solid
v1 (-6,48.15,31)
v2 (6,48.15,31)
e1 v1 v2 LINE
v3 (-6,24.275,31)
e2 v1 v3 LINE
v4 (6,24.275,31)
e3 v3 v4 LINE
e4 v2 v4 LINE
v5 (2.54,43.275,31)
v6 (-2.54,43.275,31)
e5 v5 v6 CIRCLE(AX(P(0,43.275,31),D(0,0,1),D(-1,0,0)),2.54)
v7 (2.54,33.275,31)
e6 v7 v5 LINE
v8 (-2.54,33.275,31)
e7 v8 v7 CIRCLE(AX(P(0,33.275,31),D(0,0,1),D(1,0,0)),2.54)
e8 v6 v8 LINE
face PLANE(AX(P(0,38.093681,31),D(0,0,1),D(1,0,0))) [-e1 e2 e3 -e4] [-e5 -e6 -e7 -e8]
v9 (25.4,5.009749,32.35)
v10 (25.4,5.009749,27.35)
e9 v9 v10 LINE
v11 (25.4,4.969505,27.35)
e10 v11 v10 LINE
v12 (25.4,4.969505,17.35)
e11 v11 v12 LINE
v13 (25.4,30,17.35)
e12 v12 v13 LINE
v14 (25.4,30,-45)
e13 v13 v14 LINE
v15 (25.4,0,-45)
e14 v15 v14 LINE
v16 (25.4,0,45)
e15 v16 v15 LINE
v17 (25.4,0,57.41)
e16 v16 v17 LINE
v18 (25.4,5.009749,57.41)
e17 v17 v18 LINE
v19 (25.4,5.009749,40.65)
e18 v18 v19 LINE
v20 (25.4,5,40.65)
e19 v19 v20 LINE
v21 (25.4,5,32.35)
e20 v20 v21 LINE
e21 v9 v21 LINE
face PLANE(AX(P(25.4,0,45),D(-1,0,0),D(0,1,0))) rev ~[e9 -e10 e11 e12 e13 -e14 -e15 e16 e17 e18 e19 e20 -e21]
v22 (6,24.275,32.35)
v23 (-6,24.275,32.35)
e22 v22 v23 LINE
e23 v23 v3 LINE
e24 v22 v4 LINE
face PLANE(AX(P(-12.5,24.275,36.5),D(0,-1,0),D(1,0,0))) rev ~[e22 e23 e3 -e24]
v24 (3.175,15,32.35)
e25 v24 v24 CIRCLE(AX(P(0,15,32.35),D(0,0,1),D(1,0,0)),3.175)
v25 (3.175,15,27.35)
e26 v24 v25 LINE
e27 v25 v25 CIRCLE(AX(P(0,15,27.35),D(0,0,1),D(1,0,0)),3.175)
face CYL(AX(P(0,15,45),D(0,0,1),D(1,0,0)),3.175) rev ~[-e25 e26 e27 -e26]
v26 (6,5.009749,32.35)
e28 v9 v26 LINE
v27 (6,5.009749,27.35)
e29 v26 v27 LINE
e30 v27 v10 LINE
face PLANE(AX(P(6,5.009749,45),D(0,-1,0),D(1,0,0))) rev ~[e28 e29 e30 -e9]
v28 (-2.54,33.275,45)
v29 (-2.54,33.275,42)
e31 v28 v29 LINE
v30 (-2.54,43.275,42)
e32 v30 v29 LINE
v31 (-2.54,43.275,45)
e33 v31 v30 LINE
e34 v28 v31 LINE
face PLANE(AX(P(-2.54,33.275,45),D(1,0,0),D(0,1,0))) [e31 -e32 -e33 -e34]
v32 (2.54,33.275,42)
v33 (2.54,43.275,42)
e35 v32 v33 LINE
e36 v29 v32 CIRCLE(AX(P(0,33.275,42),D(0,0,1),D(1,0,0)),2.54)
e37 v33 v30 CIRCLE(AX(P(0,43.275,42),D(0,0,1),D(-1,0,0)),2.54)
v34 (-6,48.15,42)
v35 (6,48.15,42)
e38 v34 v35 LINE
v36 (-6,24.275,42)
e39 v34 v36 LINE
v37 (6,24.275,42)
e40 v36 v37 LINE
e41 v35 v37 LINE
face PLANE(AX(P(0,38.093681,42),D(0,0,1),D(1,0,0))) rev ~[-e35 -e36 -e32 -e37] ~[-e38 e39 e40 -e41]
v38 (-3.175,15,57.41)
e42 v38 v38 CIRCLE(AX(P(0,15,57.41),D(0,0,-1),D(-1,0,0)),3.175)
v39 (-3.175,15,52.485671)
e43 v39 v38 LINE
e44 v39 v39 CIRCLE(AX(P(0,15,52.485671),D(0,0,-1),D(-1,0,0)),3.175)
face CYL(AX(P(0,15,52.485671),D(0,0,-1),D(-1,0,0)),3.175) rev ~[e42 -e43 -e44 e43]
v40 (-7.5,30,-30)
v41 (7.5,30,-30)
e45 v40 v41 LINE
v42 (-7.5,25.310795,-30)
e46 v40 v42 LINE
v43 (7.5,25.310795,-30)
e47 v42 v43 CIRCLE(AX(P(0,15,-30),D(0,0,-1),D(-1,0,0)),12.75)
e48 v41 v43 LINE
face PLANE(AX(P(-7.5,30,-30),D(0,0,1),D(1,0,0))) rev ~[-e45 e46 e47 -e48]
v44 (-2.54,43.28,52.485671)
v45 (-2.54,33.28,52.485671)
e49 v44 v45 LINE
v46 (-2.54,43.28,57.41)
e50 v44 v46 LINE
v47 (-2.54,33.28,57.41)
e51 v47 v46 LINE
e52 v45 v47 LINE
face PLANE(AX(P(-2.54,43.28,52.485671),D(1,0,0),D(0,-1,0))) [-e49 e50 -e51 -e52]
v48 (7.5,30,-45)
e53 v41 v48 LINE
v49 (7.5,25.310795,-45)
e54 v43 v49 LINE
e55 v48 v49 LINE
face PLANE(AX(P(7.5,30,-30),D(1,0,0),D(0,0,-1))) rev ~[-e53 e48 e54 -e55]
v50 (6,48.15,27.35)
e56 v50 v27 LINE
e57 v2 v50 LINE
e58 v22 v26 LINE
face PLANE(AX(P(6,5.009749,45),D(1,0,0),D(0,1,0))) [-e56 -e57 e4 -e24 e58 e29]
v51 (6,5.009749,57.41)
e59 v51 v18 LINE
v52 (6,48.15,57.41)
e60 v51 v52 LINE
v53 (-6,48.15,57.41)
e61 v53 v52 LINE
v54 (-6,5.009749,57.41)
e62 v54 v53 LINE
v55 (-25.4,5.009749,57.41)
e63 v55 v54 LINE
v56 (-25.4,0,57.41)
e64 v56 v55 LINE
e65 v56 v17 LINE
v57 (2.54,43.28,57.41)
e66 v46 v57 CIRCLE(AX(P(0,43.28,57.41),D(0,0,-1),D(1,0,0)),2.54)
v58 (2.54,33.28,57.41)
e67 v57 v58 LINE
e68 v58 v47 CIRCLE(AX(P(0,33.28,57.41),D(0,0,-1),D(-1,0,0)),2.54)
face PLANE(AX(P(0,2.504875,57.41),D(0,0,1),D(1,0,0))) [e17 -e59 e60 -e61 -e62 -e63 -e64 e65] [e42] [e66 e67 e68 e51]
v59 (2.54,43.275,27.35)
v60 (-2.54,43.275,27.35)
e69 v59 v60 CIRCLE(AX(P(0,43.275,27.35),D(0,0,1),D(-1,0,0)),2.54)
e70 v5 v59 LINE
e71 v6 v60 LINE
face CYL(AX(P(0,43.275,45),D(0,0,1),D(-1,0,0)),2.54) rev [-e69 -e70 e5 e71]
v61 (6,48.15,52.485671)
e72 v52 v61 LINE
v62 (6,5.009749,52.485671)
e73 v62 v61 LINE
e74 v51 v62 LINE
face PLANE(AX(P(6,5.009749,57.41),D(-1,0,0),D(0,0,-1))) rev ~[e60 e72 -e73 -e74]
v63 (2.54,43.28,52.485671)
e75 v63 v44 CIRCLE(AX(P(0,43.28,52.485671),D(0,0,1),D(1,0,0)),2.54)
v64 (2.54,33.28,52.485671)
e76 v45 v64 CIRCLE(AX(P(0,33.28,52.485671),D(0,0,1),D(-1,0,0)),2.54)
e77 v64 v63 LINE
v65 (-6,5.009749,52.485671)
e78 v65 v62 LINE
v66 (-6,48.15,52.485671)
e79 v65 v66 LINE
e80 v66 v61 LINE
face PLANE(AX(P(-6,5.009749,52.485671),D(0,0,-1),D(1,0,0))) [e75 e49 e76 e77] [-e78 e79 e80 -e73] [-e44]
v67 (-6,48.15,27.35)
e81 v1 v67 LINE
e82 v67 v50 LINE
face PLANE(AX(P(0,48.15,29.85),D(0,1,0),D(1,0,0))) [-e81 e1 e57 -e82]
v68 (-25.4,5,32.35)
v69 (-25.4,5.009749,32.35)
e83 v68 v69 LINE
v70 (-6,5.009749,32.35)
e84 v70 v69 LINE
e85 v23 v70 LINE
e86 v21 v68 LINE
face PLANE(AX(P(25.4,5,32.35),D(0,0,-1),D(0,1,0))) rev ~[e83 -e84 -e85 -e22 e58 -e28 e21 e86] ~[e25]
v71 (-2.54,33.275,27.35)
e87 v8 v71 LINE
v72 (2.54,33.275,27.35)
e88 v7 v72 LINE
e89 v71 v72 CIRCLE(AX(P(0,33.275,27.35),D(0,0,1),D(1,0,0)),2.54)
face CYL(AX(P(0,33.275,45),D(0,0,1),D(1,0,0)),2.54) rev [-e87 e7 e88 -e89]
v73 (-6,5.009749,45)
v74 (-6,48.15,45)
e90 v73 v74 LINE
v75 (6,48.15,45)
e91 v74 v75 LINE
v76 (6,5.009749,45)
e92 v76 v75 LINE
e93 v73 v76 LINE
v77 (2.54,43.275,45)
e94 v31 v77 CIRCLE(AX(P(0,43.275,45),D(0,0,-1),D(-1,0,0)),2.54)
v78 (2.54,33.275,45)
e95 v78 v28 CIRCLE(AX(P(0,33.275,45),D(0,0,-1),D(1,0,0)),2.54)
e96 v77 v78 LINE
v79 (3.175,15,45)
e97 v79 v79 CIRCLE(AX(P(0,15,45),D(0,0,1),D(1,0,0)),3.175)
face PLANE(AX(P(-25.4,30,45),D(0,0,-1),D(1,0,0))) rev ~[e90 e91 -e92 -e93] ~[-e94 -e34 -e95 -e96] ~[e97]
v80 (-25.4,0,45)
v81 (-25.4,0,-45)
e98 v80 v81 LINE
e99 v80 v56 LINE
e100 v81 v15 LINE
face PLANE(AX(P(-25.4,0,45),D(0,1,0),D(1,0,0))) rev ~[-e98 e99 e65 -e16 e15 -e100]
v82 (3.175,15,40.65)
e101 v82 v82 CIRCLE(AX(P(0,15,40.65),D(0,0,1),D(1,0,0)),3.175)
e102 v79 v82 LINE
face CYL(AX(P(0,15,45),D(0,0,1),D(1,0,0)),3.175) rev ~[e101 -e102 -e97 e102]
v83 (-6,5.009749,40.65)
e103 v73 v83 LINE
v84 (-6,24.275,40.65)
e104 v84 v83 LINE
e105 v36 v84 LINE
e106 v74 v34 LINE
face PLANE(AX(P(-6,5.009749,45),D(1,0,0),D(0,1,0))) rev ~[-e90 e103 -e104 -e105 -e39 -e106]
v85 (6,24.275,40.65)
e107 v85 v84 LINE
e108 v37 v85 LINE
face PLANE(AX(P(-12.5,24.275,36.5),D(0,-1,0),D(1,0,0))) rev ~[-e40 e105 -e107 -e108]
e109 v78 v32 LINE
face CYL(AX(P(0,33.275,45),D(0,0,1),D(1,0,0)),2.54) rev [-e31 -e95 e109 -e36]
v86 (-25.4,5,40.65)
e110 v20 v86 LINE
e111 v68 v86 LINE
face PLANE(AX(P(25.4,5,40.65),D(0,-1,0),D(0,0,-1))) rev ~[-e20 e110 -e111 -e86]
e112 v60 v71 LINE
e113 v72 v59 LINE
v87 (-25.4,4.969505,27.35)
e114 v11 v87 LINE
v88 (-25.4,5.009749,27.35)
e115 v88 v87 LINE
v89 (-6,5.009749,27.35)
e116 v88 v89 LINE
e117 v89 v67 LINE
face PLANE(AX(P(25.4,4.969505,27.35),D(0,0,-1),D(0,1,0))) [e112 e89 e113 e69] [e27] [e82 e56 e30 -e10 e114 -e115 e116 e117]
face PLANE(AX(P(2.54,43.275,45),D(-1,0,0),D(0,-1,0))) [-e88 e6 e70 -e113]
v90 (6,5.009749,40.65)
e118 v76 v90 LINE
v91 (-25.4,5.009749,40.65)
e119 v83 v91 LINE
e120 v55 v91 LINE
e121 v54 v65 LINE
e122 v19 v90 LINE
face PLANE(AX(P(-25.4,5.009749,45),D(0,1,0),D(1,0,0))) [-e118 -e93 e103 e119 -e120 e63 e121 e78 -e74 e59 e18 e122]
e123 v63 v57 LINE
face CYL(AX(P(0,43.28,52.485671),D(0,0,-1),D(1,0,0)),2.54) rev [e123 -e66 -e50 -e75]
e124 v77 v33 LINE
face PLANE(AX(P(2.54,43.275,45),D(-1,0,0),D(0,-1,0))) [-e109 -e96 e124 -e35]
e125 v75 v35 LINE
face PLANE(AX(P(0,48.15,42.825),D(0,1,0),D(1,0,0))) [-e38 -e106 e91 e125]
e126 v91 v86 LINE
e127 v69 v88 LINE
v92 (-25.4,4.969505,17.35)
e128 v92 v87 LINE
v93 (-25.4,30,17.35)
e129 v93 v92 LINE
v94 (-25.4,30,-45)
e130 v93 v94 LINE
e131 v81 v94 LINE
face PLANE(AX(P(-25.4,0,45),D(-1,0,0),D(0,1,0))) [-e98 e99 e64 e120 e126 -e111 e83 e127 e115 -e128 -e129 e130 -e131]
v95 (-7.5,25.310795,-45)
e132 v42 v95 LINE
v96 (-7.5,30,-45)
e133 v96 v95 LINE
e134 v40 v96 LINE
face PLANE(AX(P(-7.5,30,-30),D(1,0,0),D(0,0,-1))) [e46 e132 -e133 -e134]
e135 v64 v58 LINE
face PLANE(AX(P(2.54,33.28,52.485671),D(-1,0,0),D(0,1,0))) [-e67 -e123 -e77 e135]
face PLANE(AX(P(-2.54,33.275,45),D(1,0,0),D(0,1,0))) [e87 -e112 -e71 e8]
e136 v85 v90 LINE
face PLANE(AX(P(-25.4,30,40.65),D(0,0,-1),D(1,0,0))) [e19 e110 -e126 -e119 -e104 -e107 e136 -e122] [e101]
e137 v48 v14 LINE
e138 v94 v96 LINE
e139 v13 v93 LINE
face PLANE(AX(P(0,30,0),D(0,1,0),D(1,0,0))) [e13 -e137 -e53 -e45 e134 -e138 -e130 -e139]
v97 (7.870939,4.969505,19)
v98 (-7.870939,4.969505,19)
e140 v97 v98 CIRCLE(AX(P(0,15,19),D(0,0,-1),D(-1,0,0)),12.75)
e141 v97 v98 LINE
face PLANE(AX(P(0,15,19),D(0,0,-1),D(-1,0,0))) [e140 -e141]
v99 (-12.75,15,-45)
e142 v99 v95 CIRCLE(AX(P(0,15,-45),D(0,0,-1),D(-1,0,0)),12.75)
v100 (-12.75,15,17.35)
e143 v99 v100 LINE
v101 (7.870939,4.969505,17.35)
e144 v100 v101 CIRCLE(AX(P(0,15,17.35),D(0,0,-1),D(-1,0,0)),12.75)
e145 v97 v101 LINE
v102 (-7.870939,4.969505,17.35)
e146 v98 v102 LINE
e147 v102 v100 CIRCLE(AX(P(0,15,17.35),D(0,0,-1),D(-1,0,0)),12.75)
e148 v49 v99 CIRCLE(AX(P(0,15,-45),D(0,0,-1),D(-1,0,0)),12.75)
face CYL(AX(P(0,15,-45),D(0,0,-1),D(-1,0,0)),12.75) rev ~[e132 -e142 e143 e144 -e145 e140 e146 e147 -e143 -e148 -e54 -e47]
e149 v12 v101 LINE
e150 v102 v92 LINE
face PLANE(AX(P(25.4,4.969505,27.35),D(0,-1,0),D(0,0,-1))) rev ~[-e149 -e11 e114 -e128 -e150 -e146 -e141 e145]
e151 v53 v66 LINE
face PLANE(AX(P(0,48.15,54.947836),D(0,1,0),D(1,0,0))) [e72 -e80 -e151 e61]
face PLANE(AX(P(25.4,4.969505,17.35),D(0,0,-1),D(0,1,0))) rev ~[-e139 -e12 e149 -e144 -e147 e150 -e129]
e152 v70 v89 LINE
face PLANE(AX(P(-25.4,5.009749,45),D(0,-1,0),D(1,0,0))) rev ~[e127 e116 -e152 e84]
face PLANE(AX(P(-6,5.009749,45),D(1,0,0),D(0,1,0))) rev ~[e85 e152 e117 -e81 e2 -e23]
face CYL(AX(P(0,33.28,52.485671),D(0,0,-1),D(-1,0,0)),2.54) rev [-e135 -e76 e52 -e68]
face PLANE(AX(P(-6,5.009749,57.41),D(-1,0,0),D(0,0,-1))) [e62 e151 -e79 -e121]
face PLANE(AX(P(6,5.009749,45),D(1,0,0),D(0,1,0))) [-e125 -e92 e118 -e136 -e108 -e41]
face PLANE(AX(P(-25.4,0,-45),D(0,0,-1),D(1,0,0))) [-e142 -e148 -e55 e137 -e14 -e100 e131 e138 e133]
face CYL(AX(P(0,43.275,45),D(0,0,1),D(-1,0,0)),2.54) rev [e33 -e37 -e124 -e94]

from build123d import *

# Parameters (mm, degrees)
SKETCH1_W                      = 50.8
SKETCH1_H                      = 90
MAIN_EXTRUDE_DEPTH             = 30
SKETCH2_R                      = 12.75
MOTOR_SLOT_CUT_DEPTH           = 64
SKETCH3_W                      = 8.3
SKETCH3_H                      = 25
FILLAMENT_THROUGHWAY_CUT_DEPTH = 51.8
SKETCH4_R                      = 3.175
BOTTOM_AXLE_CUT_DEPTH          = 91
SKETCH6_W                      = 50.8
SKETCH6_H                      = 4.35
SKETCH6_H_2                    = 5
TOP_FINS_EXTRUDE_DEPTH         = 18.15
TOP_AXLE_CUT_DEPTH             = 91
SKETCH8_W                      = 15
SKETCH8_H                      = 15
WIRE_HOLE_CUT_DEPTH            = 8
SKETCH9_W                      = 19.4
SKETCH9_H                      = 43.140250719
EASEOFACCESSCUT_DEPTH          = 20
SKETCH10_W                     = 25
SKETCH10_H                     = 27.637362277
BEARINGSIZECUT_DEPTH           = 5.5
SKETCH11_W                     = 10
SKETCH11_H                     = 25.030494578
RUBBER_BAND_CUT_DEPTH          = 51.8
SKETCH12_W                     = 50.8
SKETCH12_H                     = 5.009749281
BOSS_EXTRUDE1_DEPTH            = 12.41
SKETCH13_W                     = 12
SKETCH13_H                     = 4.924328521
BOSS_EXTRUDE2_DEPTH            = 43.140251
SKETCH15_R                     = 3.175
CUT_EXTRUDE1_DEPTH             = 12.41


with BuildPart() as part:
    # Sketch1 → Main Extrude (new body)
    with BuildSketch(Plane(origin=(0, 0, 0), x_dir=(1, 0, 0), z_dir=(0, 1, 0))):
        Rectangle(SKETCH1_W, SKETCH1_H)
    extrude(amount=MAIN_EXTRUDE_DEPTH)

    # Sketch2 → Motor Slot Cut (cut)
    with BuildSketch(Plane(origin=(0, 0, -45), x_dir=(-1, 0, 0), z_dir=(0, 0, -1))):
        with Locations((0, 15)):
            Circle(SKETCH2_R)
    extrude(amount=-MOTOR_SLOT_CUT_DEPTH, mode=Mode.SUBTRACT)

    # Sketch3 → Fillament Throughway cut (cut, through all)
    with BuildSketch(Plane(origin=(25.4, 0, 0), x_dir=(0, 0, -1), z_dir=(1, 0, 0))):
        with Locations((-36.5, 17.5)):
            Rectangle(SKETCH3_W, SKETCH3_H)
    extrude(amount=-FILLAMENT_THROUGHWAY_CUT_DEPTH, mode=Mode.SUBTRACT)

    # Sketch4 → Bottom Axle Cut (cut, through all)
    with BuildSketch(Plane.XY.offset(45)):
        with Locations((0, 15)):
            Circle(SKETCH4_R)
    extrude(amount=-BOTTOM_AXLE_CUT_DEPTH, mode=Mode.SUBTRACT)

    # Sketch6 → Top Fins Extrude (add)
    with BuildSketch(Plane(origin=(0, 30, 0), x_dir=(1, 0, 0), z_dir=(0, 1, 0))):
        with Locations((0, -42.825)):
            Rectangle(SKETCH6_W, SKETCH6_H)
        with Locations((0, -29.85)):
            Rectangle(SKETCH6_W, SKETCH6_H_2)
    extrude(amount=TOP_FINS_EXTRUDE_DEPTH)

    # Sketch7 → Top Axle Cut (cut, through all)
    with BuildSketch(Plane.XY.offset(45)):
        with BuildLine():
            Line((2.54, 43.275), (2.54, 33.275))
            ThreePointArc((2.54, 33.275), (0, 30.735), (-2.54, 33.275))
            Line((-2.54, 33.275), (-2.54, 43.275))
            ThreePointArc((-2.54, 43.275), (0, 45.815), (2.54, 43.275))
        make_face()
    extrude(amount=-TOP_AXLE_CUT_DEPTH, mode=Mode.SUBTRACT)

    # Sketch8 → Wire Hole Cut (cut)
    with BuildSketch(Plane(origin=(0, 30, 0), x_dir=(1, 0, 0), z_dir=(0, 1, 0))):
        with Locations((0, 37.5)):
            Rectangle(SKETCH8_W, SKETCH8_H)
    extrude(amount=-WIRE_HOLE_CUT_DEPTH, mode=Mode.SUBTRACT)

    # Sketch9 → EaseOfAccessCut (cut)
    with BuildSketch(Plane.XY.offset(45)):
        with Locations((-15.7, 26.579874641)):
            Rectangle(SKETCH9_W, SKETCH9_H)
        with Locations((15.7, 26.579874641)):
            Rectangle(SKETCH9_W, SKETCH9_H)
    extrude(amount=-EASEOFACCESSCUT_DEPTH, mode=Mode.SUBTRACT)

    # Sketch10 → BearingSizeCut (cut, symmetric)
    with BuildSketch(Plane.XY.offset(36.5)):
        with Locations((0, 38.093681139)):
            Rectangle(SKETCH10_W, SKETCH10_H)
    extrude(amount=BEARINGSIZECUT_DEPTH, both=True, mode=Mode.SUBTRACT)

    # Sketch11 → Rubber Band Cut (cut, through all)
    with BuildSketch(Plane(origin=(25.4, 0, 0), x_dir=(0, 0, -1), z_dir=(1, 0, 0))):
        with Locations((-22.35, 17.484752711)):
            Rectangle(SKETCH11_W, SKETCH11_H)
    extrude(amount=-RUBBER_BAND_CUT_DEPTH, mode=Mode.SUBTRACT)

    # Sketch12 → Boss-Extrude1 (add)
    with BuildSketch(Plane.XY.offset(45)):
        with Locations((0, 2.504874641)):
            Rectangle(SKETCH12_W, SKETCH12_H)
    extrude(amount=BOSS_EXTRUDE1_DEPTH)

    # Sketch13 → Boss-Extrude2 (add)
    with BuildSketch(Plane(origin=(0, 5.009749281, 0), x_dir=(1, 0, 0), z_dir=(0, 1, 0))):
        with Locations((0, -54.94783574)):
            Rectangle(SKETCH13_W, SKETCH13_H)
    extrude(amount=BOSS_EXTRUDE2_DEPTH)

    # Sketch15 → Cut-Extrude1 (cut)
    with BuildSketch(Plane(origin=(0, 0, 52.485671479), x_dir=(-1, 0, 0), z_dir=(0, 0, -1))):
        with Locations((0, 15)):
            Circle(SKETCH15_R)
        with BuildLine():
            Line((-2.54, 33.28), (-2.54, 43.28))
            ThreePointArc((-2.54, 43.28), (0, 45.82), (2.54, 43.28))
            Line((2.54, 43.28), (2.54, 33.28))
            ThreePointArc((2.54, 33.28), (0, 30.74), (-2.54, 33.28))
        make_face()
    extrude(amount=-CUT_EXTRUDE1_DEPTH, mode=Mode.SUBTRACT)


solid = part.part
